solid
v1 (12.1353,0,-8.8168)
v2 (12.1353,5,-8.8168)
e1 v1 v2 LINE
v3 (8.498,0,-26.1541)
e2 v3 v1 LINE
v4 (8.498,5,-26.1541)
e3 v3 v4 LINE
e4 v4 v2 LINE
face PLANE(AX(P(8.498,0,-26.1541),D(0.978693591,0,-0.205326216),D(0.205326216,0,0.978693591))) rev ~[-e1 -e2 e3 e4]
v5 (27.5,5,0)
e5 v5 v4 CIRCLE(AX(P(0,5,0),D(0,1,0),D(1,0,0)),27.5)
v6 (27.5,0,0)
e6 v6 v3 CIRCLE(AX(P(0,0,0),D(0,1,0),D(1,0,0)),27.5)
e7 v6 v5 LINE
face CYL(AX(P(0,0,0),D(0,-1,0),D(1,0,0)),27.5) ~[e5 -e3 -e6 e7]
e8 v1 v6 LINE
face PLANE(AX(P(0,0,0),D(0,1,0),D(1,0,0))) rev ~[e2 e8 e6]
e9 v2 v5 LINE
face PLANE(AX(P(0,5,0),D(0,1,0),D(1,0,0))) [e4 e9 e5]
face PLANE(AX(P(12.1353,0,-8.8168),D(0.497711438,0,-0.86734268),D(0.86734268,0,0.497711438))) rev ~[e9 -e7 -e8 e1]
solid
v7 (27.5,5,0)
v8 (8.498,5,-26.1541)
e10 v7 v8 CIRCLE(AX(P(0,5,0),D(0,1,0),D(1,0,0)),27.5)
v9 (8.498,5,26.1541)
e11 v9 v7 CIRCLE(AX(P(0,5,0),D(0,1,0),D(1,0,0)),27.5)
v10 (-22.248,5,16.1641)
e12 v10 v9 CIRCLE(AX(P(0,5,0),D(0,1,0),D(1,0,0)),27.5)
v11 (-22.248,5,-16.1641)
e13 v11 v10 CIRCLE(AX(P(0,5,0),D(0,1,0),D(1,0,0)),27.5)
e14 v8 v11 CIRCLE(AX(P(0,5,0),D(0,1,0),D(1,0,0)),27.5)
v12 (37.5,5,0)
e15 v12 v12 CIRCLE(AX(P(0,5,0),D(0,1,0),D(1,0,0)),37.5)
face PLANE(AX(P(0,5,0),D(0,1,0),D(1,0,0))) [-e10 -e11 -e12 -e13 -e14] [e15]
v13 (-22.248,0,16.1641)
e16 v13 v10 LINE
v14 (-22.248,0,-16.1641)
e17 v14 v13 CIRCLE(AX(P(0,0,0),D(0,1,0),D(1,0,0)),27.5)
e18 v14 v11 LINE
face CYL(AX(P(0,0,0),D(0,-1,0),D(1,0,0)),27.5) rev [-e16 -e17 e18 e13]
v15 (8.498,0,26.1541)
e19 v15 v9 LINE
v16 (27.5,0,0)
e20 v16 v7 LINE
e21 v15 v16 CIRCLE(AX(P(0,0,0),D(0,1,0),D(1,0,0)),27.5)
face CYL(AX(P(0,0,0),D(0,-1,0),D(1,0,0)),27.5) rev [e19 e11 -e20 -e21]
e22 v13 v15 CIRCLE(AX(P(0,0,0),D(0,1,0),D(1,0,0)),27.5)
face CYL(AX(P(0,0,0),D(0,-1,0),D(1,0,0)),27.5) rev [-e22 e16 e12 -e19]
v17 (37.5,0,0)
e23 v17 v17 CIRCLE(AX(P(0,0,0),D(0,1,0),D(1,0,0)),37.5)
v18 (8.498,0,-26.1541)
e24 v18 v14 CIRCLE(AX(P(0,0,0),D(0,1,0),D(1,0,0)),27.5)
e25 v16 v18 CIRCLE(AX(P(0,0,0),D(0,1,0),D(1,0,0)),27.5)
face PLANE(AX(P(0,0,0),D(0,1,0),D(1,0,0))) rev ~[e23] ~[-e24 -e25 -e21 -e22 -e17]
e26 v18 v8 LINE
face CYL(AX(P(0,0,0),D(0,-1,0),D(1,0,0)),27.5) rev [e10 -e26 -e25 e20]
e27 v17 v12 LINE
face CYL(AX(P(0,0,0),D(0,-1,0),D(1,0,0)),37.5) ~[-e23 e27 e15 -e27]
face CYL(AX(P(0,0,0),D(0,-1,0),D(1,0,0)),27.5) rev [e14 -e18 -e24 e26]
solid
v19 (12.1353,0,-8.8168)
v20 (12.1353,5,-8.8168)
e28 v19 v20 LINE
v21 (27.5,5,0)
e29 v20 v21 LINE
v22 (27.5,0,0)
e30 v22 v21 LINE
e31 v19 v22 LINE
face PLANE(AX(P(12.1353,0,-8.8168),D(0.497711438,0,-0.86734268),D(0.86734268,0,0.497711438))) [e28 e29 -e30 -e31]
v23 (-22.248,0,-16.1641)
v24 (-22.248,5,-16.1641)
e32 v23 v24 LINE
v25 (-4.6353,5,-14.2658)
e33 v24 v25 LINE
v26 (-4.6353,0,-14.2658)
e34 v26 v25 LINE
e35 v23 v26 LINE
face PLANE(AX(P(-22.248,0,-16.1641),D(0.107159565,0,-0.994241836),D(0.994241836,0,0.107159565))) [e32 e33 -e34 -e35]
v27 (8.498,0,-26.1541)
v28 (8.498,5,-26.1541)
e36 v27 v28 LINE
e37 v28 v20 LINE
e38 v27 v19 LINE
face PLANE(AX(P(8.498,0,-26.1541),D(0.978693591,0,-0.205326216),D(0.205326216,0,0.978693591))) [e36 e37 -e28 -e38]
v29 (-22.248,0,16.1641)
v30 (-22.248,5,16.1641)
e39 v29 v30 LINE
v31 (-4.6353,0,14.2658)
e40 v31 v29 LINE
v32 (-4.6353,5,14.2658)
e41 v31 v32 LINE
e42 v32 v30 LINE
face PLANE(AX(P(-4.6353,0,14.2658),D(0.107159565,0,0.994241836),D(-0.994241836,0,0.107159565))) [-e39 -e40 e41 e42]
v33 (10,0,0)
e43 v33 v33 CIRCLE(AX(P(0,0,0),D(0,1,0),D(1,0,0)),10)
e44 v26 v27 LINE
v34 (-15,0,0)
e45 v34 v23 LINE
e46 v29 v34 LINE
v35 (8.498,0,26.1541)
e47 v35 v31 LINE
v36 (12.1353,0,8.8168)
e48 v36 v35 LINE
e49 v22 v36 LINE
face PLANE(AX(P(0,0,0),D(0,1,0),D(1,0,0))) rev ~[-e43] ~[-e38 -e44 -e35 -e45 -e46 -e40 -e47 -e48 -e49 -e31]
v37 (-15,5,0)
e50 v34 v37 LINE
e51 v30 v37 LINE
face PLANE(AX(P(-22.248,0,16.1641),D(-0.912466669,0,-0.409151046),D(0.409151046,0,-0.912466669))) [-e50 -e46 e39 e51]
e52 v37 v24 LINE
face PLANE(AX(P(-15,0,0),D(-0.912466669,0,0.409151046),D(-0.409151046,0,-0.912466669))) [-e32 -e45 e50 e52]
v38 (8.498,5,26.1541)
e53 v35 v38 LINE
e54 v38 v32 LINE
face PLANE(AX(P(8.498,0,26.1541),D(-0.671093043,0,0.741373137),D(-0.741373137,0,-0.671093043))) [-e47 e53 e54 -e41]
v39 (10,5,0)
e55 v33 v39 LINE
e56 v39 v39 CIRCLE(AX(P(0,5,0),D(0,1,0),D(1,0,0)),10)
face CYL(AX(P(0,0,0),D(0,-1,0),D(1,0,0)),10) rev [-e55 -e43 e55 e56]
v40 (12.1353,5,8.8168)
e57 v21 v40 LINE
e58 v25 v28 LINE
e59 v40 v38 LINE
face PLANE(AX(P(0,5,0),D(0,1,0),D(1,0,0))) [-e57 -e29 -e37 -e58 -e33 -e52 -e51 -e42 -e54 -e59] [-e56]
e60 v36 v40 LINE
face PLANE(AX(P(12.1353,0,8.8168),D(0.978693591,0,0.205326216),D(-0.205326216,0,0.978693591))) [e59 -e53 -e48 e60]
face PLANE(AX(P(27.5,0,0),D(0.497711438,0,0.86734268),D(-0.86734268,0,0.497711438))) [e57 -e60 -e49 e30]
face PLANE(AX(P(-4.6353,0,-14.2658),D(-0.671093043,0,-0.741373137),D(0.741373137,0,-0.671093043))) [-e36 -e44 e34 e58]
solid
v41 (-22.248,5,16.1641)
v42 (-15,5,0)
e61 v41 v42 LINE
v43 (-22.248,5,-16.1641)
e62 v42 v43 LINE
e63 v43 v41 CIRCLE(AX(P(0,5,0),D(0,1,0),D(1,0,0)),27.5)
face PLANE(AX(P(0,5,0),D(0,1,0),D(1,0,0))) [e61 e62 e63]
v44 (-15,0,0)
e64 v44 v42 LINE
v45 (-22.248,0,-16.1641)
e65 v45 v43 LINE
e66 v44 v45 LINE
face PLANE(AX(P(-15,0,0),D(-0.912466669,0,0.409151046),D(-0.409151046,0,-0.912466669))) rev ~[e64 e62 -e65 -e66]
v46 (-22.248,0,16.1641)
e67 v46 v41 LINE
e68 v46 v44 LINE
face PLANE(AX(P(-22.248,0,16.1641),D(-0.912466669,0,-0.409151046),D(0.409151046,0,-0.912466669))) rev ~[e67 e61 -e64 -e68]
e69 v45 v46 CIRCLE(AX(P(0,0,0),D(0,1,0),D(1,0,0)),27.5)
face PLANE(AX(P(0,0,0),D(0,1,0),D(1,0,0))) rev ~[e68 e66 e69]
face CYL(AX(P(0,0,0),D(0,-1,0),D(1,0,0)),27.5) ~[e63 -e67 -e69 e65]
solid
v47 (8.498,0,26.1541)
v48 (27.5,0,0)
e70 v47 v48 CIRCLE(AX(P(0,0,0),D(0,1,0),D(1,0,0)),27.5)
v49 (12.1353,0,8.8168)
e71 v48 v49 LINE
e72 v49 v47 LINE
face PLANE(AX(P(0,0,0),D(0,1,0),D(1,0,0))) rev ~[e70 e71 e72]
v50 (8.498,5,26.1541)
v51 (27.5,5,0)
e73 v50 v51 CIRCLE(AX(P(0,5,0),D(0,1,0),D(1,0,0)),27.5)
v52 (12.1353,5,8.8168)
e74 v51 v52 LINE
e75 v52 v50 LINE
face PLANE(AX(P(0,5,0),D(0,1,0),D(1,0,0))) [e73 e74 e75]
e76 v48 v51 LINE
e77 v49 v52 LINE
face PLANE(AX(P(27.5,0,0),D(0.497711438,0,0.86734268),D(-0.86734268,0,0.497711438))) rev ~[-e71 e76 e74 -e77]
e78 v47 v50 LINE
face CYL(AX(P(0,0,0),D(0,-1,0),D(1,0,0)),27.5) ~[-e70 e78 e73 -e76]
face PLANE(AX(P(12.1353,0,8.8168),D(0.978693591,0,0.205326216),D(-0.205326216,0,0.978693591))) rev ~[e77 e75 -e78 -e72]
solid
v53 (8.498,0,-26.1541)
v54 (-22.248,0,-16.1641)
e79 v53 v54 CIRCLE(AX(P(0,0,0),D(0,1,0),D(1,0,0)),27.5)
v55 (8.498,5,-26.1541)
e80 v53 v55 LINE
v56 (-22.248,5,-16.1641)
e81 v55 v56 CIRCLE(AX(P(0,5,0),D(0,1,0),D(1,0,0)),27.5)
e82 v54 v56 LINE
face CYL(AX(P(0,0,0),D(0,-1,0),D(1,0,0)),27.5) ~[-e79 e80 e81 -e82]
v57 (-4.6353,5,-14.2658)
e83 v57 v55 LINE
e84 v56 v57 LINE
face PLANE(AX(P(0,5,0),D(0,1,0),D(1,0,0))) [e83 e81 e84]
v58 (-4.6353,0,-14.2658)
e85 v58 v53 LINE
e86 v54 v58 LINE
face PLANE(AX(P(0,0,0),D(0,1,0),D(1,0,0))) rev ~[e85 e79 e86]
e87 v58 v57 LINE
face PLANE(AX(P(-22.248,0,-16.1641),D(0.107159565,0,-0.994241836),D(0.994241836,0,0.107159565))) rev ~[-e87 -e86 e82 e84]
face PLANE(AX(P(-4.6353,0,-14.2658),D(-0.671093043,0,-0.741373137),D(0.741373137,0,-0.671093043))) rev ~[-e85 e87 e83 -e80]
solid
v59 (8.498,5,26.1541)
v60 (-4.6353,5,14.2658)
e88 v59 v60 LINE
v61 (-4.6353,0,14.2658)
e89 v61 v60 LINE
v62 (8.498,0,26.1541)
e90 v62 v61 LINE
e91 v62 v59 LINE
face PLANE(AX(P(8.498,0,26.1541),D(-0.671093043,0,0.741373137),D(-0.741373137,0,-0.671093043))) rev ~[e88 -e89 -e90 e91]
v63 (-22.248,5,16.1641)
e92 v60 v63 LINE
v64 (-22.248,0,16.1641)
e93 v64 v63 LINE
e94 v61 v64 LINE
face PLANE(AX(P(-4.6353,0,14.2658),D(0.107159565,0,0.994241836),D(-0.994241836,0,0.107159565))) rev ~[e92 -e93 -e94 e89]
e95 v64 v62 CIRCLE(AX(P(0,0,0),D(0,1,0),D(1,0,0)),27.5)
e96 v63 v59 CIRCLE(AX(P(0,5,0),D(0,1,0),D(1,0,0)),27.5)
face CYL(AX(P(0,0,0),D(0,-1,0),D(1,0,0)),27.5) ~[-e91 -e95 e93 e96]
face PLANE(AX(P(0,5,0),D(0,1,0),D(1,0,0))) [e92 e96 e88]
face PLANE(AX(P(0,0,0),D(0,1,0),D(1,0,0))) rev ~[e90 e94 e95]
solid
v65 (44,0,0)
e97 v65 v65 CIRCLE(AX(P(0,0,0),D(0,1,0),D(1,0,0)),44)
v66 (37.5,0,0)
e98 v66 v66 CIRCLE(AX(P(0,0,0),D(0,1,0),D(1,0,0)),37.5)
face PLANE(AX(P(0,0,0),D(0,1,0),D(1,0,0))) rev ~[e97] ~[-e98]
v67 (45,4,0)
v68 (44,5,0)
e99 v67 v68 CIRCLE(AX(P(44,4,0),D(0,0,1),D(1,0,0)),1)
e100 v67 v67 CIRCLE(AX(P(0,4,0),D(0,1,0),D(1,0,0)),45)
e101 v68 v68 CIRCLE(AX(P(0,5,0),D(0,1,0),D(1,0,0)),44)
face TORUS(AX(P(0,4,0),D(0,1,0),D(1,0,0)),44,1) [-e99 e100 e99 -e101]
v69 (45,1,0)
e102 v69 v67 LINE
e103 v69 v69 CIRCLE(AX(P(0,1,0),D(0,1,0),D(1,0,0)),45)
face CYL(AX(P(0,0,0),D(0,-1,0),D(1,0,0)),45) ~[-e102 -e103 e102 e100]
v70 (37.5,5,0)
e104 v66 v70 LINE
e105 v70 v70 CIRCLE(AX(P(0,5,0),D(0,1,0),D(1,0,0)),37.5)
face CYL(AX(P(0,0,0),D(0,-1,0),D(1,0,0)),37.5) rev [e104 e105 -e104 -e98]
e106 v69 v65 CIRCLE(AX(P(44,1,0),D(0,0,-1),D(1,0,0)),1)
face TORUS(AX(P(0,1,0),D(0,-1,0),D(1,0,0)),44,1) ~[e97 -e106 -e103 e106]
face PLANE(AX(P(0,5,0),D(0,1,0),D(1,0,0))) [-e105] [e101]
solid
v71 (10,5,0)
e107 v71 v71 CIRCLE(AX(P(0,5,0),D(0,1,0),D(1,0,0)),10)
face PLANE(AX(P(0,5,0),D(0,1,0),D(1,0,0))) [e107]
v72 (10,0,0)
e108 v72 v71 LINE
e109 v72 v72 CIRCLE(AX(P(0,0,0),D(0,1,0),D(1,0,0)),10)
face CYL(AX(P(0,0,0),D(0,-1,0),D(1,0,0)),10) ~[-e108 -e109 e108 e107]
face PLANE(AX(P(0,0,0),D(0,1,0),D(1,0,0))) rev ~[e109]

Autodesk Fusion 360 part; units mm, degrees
sketch "Sketch1" plane through (0, 0, 0) normal (0, 1, 0) x (1, 0, 0)
  circle A0 centre (0, 0) radius 45
  circle A1 centre (0, 0) radius 37.5
  circle A2 centre (0, 0) radius 27.5
  line L0 (0, 0) -> (27.5, 0) construction
  line L1 (0, 0) -> (27.5, 0) construction
  line L2 (-22.248, -16.1641) -> (-15, 0)
  line L3 (-15, 0) -> (-22.248, 16.1641)
  line L4 (8.498, -26.1541) -> (-4.6353, -14.2658)
  line L5 (-4.6353, -14.2658) -> (-22.248, -16.1641)
  line L6 (27.5, 0) -> (12.1353, -8.8168)
  line L7 (12.1353, -8.8168) -> (8.498, -26.1541)
  line L8 (8.498, 26.1541) -> (12.1353, 8.8168)
  line L9 (12.1353, 8.8168) -> (27.5, 0)
  line L10 (-22.248, 16.1641) -> (-4.6353, 14.2658)
  line L11 (-4.6353, 14.2658) -> (8.498, 26.1541)
  circle A3 centre (0, 0) radius 10
  dimension "d2" = 90
  dimension "d3" = 75
  dimension "d12" = 360
  dimension "d13" = 20
extrude "Extrude1" add sketch "Sketch1" along normal blind 5 contours L2 L3 L4 L5 L6 L7 L8 L9 L10 L11 makes body 1
extrude "Extrude2" add sketch "Sketch1" along normal blind 5 separate body contours A3 makes body 2
extrude "Extrude3" add sketch "Sketch1" along normal blind 5 separate body contours A2 L8 L9 | A2 L6 L7 | A2 L10 L11 | A2 L4 L5 | A2 L2 L3 makes body 3 at (18.8409, 0, -13.6887)
extrude "Extrude4" add sketch "Sketch1" along normal blind 5 separate body contours A1 makes body 4
extrude "Extrude5" add sketch "Sketch1" along normal blind 5 separate body contours A0 makes body 5
fillet "Fillet1" radius 1 2 edges at (-41.9547, 5, 16.2727) (-41.9547, 0, 16.2727) on bodies 5
